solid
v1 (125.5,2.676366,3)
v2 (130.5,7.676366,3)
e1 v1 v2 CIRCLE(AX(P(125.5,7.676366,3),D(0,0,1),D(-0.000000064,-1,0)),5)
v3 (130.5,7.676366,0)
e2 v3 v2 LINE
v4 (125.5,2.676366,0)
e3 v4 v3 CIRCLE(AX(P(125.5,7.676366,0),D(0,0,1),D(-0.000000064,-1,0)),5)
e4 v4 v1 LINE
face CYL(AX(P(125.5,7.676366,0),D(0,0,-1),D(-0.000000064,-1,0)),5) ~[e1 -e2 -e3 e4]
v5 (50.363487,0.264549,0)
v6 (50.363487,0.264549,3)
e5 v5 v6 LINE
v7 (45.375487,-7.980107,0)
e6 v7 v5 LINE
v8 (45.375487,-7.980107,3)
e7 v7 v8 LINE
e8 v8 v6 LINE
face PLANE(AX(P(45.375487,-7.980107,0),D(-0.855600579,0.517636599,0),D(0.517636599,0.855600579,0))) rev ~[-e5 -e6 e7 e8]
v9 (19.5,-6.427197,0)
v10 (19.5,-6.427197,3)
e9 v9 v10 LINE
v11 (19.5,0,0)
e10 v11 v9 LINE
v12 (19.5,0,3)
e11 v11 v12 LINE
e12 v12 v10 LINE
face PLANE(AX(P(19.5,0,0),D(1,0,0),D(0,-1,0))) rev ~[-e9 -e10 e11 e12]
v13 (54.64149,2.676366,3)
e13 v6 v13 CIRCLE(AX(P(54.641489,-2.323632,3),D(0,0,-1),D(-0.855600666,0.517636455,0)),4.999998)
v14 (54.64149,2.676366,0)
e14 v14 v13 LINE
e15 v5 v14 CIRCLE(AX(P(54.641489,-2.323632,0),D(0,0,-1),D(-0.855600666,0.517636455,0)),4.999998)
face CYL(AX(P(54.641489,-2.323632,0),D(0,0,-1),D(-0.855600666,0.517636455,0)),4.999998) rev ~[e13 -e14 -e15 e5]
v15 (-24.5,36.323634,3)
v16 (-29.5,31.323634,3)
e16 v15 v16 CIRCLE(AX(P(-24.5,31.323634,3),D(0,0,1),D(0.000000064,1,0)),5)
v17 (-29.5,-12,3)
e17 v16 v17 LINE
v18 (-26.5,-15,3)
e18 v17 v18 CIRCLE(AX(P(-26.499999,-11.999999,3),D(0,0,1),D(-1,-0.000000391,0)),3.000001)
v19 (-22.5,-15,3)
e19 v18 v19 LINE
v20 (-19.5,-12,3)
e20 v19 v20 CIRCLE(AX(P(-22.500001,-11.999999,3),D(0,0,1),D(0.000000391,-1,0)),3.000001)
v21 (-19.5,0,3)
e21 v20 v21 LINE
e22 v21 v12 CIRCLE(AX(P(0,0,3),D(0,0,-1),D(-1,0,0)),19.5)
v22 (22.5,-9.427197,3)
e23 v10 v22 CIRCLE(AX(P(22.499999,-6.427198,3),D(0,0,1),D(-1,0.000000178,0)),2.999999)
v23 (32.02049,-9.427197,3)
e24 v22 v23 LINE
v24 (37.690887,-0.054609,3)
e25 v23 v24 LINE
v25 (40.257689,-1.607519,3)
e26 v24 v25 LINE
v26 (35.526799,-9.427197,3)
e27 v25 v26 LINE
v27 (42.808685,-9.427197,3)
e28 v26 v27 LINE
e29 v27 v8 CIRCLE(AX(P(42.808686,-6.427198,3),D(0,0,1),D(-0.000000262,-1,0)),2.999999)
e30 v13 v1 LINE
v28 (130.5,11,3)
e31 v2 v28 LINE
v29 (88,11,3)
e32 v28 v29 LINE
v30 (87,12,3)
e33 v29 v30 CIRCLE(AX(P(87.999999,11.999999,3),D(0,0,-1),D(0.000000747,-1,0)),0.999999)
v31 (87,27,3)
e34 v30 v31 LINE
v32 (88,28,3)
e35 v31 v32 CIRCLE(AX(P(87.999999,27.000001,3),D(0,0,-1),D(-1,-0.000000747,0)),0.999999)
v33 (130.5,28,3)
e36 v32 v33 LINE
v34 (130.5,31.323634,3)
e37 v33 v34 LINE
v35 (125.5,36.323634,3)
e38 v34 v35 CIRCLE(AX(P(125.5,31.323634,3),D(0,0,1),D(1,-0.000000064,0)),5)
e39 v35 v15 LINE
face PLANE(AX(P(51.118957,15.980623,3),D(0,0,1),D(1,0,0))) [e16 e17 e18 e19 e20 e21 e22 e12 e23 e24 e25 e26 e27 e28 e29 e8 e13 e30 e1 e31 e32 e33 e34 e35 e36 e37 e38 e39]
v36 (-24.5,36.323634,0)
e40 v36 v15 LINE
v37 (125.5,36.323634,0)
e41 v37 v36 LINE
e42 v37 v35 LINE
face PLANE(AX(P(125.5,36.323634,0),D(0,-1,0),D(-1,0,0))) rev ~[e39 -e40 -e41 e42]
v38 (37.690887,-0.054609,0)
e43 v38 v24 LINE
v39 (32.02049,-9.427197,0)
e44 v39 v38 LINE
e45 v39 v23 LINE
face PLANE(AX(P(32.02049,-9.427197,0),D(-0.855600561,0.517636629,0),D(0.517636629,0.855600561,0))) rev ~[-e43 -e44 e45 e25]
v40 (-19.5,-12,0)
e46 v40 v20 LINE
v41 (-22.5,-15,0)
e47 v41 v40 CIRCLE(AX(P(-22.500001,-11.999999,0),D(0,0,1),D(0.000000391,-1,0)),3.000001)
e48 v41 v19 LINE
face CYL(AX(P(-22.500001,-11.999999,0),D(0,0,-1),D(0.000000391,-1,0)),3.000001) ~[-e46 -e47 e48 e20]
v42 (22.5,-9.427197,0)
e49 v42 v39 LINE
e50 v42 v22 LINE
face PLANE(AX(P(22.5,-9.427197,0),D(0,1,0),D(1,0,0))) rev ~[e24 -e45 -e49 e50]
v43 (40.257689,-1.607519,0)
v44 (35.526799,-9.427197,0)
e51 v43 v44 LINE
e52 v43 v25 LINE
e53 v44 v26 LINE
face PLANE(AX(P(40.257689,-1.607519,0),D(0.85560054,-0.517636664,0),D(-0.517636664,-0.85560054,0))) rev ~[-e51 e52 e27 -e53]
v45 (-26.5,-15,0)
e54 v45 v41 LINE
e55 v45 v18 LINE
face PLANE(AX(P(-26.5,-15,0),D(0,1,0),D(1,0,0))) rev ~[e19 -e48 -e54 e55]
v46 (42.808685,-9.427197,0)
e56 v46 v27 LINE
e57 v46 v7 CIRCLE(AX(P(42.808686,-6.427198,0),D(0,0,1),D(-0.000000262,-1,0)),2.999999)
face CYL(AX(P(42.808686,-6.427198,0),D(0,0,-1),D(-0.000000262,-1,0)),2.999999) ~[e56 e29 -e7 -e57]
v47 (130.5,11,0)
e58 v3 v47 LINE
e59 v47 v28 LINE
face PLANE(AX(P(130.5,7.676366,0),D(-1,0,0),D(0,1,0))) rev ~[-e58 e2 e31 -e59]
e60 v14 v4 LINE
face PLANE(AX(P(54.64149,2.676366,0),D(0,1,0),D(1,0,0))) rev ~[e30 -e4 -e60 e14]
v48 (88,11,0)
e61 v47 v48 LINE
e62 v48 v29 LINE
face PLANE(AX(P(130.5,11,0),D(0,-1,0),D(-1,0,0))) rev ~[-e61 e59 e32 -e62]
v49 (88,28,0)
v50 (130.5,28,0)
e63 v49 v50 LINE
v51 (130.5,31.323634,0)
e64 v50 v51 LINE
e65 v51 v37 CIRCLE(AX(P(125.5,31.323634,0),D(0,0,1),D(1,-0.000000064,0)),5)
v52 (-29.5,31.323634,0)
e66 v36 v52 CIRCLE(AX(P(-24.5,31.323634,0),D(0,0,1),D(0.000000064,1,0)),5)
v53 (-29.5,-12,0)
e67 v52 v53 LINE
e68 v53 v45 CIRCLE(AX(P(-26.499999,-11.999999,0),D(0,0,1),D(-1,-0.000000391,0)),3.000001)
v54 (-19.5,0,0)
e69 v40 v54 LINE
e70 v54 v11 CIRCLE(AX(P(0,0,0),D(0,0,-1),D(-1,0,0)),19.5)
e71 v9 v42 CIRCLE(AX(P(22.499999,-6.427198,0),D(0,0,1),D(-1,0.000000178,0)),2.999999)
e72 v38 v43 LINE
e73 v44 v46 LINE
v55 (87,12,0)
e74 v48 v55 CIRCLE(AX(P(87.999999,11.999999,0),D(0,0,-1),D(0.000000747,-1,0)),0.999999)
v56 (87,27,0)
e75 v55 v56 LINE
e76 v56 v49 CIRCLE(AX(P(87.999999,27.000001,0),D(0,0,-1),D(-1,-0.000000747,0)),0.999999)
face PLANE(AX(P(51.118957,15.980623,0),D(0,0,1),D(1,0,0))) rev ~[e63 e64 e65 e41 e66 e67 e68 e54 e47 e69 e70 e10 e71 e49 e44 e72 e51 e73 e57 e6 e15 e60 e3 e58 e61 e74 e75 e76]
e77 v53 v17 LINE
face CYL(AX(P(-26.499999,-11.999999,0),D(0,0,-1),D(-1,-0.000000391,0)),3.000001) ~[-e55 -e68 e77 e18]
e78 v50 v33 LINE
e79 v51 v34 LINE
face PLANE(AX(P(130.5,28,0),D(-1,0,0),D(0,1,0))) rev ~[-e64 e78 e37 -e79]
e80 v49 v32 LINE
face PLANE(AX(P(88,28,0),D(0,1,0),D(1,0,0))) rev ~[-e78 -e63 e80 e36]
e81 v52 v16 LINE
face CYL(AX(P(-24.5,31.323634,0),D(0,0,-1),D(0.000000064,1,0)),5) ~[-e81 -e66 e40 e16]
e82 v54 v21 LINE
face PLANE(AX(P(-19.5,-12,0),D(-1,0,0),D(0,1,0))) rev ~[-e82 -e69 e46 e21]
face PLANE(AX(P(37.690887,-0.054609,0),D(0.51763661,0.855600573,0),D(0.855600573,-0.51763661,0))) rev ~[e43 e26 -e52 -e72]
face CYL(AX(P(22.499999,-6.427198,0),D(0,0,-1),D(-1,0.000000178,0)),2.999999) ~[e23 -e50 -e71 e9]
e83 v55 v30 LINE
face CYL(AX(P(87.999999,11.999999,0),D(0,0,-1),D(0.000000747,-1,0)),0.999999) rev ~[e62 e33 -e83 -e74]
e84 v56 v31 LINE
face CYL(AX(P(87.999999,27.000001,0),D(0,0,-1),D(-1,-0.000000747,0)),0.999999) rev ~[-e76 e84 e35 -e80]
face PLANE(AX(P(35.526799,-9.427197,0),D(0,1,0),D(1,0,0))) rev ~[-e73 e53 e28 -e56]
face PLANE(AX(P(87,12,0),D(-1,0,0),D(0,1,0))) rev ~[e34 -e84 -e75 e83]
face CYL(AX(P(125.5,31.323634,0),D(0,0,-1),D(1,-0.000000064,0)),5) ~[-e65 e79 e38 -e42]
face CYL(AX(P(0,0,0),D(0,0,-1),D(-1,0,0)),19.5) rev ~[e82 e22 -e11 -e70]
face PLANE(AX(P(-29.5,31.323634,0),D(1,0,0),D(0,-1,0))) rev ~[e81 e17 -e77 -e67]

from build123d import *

# Parameters (mm, degrees)
F1_DEPTH = 3


with BuildPart() as f1:
    # F0 (on Top) → F1 (new body)
    with BuildSketch(Plane.XY):
        with BuildLine():
            ThreePointArc((-19.5, 0), (0, 19.5), (19.5, 0))
            Line((19.5, 0), (19.5, -6.427197))
            ThreePointArc((19.5, -6.427197), (20.37868, -8.548518), (22.5, -9.427197))
            Line((22.5, -9.427197), (32, -9.427197))
            Line((32, -9.427197), (32.02049, -9.427197))
            Line((32.02049, -9.427197), (37.690887, -0.054609))
            Line((37.690887, -0.054609), (40.257689, -1.607519))
            Line((40.257689, -1.607519), (35.526799, -9.427197))
            Line((35.526799, -9.427197), (42.808685, -9.427197))
            ThreePointArc((42.808685, -9.427197), (44.281992, -9.040503), (45.375487, -7.980107))
            Line((45.375487, -7.980107), (50.363487, 0.264549))
            ThreePointArc((50.363487, 0.264549), (52.185977, 2.031875), (54.64149, 2.676366))
            Line((54.64149, 2.676366), (125.5, 2.676366))
            ThreePointArc((125.5, 2.676366), (129.035534, 4.140832), (130.5, 7.676366))
            Line((130.5, 7.676366), (130.5, 11))
            Line((130.5, 11), (119, 11))
            Line((119, 11), (88, 11))
            ThreePointArc((88, 11), (87.292893, 11.292893), (87, 12))
            Line((87, 12), (87, 27))
            ThreePointArc((87, 27), (87.292893, 27.707107), (88, 28))
            Line((88, 28), (119, 28))
            Line((119, 28), (130.5, 28))
            Line((130.5, 28), (130.5, 31.323634))
            ThreePointArc((130.5, 31.323634), (129.035534, 34.859168), (125.5, 36.323634))
            Line((125.5, 36.323634), (-24.5, 36.323634))
            ThreePointArc((-24.5, 36.323634), (-28.035534, 34.859168), (-29.5, 31.323634))
            Line((-29.5, 31.323634), (-29.5, 21.5))
            Line((-29.5, 21.5), (-29.5, -12))
            ThreePointArc((-29.5, -12), (-28.62132, -14.12132), (-26.5, -15))
            Line((-26.5, -15), (-22.5, -15))
            ThreePointArc((-22.5, -15), (-20.37868, -14.12132), (-19.5, -12))
            Line((-19.5, -12), (-19.5, 0))
        make_face()
    extrude(amount=F1_DEPTH)


solid = f1.part
